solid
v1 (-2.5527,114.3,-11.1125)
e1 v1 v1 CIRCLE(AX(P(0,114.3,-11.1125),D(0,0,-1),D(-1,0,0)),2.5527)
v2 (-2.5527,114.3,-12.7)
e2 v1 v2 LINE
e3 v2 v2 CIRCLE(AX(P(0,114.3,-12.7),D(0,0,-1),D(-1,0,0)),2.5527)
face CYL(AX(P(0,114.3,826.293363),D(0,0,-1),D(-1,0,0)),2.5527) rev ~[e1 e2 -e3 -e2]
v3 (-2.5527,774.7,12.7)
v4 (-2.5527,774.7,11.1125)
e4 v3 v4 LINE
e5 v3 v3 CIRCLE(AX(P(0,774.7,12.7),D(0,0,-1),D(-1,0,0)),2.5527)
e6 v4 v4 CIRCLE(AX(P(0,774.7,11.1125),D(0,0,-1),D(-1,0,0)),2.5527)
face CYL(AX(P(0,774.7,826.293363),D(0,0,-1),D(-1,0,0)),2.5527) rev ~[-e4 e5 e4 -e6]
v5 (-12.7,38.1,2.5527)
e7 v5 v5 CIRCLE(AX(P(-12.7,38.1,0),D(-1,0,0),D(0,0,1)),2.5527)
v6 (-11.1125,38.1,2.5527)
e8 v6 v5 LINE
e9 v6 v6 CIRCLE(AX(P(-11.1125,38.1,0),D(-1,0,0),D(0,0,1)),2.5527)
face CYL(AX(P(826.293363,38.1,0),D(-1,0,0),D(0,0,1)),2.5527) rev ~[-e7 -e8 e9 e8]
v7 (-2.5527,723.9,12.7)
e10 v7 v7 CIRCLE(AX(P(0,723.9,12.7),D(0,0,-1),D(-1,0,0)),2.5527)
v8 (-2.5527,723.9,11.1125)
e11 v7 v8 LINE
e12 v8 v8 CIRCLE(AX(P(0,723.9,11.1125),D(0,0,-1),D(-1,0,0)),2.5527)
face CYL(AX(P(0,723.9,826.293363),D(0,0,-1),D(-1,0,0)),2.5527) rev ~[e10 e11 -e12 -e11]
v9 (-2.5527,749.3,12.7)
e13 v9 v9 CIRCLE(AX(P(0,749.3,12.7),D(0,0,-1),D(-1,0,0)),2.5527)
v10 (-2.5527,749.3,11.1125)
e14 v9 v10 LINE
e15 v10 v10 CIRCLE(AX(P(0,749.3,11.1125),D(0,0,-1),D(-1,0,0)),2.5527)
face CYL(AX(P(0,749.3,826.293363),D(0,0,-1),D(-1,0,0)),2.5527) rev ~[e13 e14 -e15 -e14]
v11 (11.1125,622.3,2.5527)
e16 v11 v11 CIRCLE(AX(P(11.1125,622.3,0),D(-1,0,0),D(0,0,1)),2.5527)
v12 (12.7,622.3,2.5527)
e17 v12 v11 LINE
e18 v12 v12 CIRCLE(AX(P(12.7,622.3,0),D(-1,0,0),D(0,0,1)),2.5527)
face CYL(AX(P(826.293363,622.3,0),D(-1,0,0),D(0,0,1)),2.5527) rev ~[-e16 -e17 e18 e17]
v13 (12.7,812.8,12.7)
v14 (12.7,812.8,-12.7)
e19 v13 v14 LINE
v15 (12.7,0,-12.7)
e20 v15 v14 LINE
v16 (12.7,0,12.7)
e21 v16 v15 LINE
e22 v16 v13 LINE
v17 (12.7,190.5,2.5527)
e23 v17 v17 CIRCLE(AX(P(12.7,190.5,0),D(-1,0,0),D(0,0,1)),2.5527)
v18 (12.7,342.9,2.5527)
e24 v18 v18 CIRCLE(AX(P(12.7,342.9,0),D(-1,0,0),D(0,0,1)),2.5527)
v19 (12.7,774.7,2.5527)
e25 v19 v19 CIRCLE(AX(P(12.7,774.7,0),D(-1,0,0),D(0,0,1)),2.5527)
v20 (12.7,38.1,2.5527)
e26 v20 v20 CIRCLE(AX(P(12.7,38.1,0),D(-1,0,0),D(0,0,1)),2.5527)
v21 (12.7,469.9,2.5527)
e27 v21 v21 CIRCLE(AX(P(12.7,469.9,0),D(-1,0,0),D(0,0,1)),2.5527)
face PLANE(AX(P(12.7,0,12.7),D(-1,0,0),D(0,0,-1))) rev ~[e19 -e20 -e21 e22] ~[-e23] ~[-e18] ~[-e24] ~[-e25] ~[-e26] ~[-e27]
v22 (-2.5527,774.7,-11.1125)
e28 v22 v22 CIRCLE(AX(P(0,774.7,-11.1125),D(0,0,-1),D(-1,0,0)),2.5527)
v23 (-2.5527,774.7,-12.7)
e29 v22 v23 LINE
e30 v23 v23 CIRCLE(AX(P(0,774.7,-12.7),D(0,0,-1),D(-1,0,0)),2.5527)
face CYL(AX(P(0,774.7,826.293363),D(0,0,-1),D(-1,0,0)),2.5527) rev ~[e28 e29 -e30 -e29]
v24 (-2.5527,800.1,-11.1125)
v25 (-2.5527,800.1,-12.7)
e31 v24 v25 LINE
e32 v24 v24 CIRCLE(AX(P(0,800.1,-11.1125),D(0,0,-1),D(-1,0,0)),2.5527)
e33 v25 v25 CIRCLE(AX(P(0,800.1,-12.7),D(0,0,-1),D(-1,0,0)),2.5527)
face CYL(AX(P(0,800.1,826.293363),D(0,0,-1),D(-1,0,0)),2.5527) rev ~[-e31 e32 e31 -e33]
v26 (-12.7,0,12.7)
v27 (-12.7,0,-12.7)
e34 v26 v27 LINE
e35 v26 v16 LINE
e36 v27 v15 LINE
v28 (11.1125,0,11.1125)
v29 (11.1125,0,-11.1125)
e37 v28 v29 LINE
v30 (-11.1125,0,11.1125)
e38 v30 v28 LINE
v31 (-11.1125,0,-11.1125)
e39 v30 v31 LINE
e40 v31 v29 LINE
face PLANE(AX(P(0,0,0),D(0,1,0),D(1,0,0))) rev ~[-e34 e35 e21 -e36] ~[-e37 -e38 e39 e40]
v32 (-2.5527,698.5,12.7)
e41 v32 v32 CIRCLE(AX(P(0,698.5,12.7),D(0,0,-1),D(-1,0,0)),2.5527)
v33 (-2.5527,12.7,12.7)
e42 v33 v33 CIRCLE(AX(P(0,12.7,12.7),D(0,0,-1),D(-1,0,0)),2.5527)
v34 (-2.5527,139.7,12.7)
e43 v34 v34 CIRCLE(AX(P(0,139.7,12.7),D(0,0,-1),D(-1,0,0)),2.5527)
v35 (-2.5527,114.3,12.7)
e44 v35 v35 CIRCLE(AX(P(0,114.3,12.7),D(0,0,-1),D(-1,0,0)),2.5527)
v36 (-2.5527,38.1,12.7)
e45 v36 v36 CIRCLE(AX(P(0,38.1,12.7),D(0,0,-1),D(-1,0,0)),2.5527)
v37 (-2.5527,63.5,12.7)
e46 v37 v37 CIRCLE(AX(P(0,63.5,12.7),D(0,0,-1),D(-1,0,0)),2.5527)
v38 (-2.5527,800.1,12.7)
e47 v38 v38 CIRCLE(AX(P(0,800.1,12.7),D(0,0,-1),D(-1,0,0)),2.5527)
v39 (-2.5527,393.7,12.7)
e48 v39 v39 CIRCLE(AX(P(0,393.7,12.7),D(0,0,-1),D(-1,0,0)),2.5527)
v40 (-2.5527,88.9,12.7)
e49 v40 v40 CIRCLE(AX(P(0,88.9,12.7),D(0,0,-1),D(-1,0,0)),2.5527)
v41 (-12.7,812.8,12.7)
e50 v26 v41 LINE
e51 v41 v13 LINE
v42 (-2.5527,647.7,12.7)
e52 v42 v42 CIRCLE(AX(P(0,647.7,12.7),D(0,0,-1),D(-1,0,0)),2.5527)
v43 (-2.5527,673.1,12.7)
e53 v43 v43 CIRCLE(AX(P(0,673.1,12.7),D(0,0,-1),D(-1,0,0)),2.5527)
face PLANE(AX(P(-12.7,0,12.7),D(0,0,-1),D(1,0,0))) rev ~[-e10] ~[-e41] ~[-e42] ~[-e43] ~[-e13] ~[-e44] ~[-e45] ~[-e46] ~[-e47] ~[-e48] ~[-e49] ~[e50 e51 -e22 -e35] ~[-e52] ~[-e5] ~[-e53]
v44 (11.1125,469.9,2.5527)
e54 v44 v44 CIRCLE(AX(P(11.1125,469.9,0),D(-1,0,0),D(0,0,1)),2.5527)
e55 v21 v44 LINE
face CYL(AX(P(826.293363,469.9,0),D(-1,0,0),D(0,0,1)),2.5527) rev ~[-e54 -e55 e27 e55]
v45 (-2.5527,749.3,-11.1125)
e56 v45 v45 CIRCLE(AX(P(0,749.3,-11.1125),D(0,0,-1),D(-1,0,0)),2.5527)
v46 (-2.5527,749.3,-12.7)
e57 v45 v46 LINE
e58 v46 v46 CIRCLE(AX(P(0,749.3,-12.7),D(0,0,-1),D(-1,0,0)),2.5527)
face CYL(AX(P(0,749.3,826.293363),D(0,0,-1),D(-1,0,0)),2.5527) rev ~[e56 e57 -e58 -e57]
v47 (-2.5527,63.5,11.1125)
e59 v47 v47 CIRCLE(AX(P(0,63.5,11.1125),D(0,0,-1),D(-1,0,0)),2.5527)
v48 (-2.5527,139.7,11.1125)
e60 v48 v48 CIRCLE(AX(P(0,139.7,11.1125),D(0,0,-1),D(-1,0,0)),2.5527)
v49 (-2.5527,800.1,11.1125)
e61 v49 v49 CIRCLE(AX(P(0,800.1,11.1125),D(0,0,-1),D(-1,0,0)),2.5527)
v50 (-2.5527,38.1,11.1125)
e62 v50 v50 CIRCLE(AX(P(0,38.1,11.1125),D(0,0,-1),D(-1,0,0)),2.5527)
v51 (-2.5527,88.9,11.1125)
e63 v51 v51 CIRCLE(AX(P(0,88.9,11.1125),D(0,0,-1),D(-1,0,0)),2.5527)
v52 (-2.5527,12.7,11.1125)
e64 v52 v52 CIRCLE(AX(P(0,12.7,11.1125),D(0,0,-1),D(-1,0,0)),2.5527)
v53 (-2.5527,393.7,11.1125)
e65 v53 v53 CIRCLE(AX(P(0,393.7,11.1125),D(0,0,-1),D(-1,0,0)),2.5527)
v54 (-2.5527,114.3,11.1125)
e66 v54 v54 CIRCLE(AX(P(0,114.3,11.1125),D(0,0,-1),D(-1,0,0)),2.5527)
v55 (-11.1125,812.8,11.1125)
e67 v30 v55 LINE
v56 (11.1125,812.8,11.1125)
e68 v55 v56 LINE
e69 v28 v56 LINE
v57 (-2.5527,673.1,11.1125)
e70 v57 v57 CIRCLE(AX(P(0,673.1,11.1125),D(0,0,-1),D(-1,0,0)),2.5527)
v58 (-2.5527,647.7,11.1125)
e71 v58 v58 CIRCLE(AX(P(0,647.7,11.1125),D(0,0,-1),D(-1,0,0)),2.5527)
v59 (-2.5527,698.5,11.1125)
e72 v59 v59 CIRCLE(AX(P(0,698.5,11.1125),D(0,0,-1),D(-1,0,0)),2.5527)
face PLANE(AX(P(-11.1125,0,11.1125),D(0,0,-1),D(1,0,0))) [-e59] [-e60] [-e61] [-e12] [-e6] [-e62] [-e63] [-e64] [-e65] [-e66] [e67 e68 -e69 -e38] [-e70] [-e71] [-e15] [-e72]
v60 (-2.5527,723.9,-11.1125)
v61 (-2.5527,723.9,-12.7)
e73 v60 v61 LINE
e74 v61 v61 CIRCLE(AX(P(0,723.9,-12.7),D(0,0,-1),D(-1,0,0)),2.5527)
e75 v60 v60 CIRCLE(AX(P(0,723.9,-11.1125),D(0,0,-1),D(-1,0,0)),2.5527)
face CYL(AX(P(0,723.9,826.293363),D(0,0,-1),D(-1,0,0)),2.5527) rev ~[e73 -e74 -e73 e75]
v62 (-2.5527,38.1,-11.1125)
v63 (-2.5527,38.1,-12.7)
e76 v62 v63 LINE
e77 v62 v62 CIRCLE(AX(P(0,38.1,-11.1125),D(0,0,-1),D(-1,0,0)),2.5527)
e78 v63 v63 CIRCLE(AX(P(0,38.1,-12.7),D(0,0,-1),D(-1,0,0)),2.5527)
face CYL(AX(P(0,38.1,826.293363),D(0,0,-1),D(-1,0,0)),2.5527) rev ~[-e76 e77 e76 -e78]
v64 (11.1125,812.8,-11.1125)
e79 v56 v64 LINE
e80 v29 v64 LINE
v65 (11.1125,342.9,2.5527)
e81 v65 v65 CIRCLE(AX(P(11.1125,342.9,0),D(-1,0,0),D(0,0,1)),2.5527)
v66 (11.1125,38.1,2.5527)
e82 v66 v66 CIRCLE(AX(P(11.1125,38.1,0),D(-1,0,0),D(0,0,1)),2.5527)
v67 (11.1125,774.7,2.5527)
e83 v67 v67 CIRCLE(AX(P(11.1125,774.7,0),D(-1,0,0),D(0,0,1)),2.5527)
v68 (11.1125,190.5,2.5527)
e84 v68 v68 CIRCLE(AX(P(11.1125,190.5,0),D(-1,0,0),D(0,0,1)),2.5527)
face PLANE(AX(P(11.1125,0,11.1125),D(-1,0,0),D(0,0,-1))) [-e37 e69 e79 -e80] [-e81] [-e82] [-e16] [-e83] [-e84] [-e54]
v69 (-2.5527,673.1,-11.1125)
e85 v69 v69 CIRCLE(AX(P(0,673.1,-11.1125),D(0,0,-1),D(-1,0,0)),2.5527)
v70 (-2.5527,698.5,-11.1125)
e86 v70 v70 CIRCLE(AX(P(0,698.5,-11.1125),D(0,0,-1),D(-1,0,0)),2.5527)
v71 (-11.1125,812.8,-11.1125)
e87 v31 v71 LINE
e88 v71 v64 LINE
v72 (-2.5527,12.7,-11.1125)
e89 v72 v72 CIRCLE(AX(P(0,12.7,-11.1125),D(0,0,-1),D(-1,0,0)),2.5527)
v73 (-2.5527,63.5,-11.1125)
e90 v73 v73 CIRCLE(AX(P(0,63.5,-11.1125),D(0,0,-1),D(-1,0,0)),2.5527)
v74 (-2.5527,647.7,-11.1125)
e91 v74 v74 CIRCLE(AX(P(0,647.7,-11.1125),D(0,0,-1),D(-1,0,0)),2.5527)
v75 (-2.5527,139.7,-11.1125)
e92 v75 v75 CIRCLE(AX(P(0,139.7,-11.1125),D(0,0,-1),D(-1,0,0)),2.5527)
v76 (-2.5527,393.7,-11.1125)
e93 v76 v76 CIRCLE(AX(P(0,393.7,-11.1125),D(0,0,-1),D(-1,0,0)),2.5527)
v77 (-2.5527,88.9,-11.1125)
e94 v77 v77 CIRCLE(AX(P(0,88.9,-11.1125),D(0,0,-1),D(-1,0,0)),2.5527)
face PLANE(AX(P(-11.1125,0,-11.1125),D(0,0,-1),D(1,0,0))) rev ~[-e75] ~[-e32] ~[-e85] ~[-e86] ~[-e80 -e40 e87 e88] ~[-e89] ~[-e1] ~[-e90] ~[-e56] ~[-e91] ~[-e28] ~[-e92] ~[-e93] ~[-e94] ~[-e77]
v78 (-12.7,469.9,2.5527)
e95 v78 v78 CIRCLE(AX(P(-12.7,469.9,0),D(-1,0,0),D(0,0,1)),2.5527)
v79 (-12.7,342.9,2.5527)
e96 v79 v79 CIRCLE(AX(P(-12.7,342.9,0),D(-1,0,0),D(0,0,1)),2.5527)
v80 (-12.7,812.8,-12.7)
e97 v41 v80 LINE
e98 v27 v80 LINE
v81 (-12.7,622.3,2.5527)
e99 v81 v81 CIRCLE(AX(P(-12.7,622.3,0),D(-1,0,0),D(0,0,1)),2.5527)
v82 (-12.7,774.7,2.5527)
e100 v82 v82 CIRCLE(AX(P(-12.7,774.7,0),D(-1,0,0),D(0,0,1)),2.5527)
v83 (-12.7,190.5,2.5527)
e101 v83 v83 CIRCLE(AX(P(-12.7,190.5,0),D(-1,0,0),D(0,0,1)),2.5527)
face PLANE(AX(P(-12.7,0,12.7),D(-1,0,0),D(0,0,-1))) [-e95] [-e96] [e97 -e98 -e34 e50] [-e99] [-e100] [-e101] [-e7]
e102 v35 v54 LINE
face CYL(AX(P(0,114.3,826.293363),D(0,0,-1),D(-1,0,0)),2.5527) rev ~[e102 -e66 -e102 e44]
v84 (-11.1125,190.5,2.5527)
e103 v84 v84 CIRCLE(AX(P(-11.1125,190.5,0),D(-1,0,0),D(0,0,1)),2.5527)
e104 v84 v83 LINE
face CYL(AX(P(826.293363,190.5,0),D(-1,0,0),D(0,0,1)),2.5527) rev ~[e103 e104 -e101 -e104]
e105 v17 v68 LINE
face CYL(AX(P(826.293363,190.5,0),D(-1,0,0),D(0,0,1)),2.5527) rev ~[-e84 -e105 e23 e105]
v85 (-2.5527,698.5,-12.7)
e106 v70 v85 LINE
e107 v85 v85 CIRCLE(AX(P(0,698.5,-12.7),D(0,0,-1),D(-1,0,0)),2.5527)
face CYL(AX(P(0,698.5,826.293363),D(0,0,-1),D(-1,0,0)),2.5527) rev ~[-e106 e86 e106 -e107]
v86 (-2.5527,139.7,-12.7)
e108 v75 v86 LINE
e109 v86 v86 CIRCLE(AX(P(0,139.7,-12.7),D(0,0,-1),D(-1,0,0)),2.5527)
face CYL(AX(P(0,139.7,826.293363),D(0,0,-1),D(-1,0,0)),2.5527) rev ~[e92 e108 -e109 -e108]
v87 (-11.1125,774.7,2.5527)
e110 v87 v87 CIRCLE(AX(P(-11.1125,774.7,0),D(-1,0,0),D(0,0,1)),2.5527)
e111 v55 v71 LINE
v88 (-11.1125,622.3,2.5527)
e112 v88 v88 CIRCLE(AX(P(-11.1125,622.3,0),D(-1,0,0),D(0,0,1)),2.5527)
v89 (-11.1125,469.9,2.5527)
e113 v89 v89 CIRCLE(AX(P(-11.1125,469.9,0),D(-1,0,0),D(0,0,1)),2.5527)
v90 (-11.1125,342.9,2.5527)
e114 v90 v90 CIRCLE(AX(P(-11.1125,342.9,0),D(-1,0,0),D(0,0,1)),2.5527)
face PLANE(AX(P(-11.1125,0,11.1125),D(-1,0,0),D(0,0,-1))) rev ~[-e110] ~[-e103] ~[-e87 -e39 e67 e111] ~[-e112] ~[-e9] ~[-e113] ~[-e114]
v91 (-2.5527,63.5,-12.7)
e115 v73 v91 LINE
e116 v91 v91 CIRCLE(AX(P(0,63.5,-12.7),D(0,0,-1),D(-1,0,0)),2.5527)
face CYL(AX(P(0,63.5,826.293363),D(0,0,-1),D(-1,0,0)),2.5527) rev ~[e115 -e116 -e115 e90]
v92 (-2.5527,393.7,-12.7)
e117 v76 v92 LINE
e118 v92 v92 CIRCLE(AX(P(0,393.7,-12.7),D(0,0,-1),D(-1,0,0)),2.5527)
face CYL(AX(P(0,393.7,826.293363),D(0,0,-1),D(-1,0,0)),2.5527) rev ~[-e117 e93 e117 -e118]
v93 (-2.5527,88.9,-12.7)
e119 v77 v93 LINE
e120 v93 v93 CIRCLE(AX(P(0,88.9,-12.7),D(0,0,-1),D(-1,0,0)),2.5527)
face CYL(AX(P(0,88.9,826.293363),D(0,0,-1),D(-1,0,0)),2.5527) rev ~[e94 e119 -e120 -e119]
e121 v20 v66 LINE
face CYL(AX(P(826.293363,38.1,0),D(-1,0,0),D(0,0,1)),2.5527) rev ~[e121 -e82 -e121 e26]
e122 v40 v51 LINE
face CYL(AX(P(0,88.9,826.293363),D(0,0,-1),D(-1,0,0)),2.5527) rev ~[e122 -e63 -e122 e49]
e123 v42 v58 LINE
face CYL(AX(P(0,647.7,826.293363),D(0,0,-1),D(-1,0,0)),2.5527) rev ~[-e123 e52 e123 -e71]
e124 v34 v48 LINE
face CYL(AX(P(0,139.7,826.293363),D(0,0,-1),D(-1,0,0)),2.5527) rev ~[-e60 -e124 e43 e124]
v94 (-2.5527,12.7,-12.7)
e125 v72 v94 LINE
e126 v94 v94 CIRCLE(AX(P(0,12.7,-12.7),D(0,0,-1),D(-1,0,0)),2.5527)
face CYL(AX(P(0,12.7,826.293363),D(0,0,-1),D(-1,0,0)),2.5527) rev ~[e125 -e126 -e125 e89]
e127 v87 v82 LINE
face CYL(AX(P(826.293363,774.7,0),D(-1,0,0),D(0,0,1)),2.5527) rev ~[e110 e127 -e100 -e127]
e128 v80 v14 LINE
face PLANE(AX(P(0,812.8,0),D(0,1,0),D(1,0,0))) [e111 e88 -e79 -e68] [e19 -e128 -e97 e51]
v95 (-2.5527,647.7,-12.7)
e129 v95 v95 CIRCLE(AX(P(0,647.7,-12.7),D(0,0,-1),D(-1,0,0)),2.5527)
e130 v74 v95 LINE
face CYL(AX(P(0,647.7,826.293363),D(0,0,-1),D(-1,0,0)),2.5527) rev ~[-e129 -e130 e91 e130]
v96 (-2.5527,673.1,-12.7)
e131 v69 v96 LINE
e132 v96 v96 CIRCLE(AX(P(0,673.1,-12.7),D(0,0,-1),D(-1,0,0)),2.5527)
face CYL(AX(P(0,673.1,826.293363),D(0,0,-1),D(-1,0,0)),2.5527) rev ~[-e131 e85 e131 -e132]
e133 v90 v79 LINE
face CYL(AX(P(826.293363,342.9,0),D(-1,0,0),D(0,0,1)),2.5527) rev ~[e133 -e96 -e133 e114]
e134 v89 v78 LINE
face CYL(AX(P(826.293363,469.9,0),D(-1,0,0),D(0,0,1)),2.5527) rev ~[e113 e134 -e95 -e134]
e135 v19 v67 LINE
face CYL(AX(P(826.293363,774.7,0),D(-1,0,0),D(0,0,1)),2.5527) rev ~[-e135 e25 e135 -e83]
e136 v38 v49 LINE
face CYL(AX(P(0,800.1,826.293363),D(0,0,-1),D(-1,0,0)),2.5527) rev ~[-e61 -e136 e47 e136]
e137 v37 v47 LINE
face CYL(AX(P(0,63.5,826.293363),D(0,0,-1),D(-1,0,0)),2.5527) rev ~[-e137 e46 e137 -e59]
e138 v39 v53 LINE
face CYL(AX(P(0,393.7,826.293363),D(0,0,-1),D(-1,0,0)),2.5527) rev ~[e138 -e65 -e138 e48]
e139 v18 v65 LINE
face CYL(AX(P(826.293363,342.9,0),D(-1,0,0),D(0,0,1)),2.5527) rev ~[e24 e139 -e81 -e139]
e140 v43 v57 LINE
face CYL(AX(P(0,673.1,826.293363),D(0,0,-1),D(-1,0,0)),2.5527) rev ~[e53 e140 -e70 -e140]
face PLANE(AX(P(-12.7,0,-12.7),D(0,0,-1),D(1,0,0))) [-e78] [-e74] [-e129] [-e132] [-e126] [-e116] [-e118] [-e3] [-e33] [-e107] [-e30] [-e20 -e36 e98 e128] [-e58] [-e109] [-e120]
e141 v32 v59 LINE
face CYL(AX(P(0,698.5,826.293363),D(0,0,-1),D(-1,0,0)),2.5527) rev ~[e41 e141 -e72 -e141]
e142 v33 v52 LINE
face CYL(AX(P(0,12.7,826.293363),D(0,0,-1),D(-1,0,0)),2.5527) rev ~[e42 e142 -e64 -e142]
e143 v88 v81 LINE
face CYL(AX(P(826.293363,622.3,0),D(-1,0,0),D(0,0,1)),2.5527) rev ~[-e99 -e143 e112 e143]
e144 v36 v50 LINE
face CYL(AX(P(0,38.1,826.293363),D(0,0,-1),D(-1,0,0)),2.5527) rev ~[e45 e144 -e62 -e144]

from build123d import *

# Parameters (mm, degrees)
SKETCH1_W                  = 25.4
SKETCH1_H                  = 25.4
SKETCH1_W_2                = 22.225
SKETCH1_H_2                = 22.225
BOSS_EXTRUDE1_DEPTH        = 812.8
F_7_0_201_DIAMETER_HOLE1_D = 5.1054
F_7_0_201_DIAMETER_HOLE2_D = 5.1054


with BuildPart() as part:
    # Sketch1 → Boss-Extrude1 (new body)
    with BuildSketch(Plane(origin=(0, 0, 0), x_dir=(1, 0, 0), z_dir=(0, 1, 0))):
        Rectangle(SKETCH1_W, SKETCH1_H)
        Rectangle(SKETCH1_W_2, SKETCH1_H_2, mode=Mode.SUBTRACT)
    extrude(amount=BOSS_EXTRUDE1_DEPTH)

    # #7 (0.201) Diameter Hole1 (through all)
    with Locations(Plane.XY.offset(12.7)):
        with Locations((0, 12.7), (0, 38.1), (0, 63.5), (0, 88.9), (0, 114.3), (0, 139.7), (0, 393.7), (0, 647.7), (0, 673.1), (0, 698.5), (0, 723.9), (0, 749.3), (0, 774.7), (0, 800.1)):
            Hole(F_7_0_201_DIAMETER_HOLE1_D / 2)

    # #7 (0.201) Diameter Hole2 (through all)
    with Locations(Plane(origin=(12.7, 0, 0), x_dir=(0, 0, -1), z_dir=(1, 0, 0))):
        with Locations((0, 38.1), (0, 190.5), (0, 342.9), (0, 469.9), (0, 622.3), (0, 774.7)):
            Hole(F_7_0_201_DIAMETER_HOLE2_D / 2)


solid = part.part
